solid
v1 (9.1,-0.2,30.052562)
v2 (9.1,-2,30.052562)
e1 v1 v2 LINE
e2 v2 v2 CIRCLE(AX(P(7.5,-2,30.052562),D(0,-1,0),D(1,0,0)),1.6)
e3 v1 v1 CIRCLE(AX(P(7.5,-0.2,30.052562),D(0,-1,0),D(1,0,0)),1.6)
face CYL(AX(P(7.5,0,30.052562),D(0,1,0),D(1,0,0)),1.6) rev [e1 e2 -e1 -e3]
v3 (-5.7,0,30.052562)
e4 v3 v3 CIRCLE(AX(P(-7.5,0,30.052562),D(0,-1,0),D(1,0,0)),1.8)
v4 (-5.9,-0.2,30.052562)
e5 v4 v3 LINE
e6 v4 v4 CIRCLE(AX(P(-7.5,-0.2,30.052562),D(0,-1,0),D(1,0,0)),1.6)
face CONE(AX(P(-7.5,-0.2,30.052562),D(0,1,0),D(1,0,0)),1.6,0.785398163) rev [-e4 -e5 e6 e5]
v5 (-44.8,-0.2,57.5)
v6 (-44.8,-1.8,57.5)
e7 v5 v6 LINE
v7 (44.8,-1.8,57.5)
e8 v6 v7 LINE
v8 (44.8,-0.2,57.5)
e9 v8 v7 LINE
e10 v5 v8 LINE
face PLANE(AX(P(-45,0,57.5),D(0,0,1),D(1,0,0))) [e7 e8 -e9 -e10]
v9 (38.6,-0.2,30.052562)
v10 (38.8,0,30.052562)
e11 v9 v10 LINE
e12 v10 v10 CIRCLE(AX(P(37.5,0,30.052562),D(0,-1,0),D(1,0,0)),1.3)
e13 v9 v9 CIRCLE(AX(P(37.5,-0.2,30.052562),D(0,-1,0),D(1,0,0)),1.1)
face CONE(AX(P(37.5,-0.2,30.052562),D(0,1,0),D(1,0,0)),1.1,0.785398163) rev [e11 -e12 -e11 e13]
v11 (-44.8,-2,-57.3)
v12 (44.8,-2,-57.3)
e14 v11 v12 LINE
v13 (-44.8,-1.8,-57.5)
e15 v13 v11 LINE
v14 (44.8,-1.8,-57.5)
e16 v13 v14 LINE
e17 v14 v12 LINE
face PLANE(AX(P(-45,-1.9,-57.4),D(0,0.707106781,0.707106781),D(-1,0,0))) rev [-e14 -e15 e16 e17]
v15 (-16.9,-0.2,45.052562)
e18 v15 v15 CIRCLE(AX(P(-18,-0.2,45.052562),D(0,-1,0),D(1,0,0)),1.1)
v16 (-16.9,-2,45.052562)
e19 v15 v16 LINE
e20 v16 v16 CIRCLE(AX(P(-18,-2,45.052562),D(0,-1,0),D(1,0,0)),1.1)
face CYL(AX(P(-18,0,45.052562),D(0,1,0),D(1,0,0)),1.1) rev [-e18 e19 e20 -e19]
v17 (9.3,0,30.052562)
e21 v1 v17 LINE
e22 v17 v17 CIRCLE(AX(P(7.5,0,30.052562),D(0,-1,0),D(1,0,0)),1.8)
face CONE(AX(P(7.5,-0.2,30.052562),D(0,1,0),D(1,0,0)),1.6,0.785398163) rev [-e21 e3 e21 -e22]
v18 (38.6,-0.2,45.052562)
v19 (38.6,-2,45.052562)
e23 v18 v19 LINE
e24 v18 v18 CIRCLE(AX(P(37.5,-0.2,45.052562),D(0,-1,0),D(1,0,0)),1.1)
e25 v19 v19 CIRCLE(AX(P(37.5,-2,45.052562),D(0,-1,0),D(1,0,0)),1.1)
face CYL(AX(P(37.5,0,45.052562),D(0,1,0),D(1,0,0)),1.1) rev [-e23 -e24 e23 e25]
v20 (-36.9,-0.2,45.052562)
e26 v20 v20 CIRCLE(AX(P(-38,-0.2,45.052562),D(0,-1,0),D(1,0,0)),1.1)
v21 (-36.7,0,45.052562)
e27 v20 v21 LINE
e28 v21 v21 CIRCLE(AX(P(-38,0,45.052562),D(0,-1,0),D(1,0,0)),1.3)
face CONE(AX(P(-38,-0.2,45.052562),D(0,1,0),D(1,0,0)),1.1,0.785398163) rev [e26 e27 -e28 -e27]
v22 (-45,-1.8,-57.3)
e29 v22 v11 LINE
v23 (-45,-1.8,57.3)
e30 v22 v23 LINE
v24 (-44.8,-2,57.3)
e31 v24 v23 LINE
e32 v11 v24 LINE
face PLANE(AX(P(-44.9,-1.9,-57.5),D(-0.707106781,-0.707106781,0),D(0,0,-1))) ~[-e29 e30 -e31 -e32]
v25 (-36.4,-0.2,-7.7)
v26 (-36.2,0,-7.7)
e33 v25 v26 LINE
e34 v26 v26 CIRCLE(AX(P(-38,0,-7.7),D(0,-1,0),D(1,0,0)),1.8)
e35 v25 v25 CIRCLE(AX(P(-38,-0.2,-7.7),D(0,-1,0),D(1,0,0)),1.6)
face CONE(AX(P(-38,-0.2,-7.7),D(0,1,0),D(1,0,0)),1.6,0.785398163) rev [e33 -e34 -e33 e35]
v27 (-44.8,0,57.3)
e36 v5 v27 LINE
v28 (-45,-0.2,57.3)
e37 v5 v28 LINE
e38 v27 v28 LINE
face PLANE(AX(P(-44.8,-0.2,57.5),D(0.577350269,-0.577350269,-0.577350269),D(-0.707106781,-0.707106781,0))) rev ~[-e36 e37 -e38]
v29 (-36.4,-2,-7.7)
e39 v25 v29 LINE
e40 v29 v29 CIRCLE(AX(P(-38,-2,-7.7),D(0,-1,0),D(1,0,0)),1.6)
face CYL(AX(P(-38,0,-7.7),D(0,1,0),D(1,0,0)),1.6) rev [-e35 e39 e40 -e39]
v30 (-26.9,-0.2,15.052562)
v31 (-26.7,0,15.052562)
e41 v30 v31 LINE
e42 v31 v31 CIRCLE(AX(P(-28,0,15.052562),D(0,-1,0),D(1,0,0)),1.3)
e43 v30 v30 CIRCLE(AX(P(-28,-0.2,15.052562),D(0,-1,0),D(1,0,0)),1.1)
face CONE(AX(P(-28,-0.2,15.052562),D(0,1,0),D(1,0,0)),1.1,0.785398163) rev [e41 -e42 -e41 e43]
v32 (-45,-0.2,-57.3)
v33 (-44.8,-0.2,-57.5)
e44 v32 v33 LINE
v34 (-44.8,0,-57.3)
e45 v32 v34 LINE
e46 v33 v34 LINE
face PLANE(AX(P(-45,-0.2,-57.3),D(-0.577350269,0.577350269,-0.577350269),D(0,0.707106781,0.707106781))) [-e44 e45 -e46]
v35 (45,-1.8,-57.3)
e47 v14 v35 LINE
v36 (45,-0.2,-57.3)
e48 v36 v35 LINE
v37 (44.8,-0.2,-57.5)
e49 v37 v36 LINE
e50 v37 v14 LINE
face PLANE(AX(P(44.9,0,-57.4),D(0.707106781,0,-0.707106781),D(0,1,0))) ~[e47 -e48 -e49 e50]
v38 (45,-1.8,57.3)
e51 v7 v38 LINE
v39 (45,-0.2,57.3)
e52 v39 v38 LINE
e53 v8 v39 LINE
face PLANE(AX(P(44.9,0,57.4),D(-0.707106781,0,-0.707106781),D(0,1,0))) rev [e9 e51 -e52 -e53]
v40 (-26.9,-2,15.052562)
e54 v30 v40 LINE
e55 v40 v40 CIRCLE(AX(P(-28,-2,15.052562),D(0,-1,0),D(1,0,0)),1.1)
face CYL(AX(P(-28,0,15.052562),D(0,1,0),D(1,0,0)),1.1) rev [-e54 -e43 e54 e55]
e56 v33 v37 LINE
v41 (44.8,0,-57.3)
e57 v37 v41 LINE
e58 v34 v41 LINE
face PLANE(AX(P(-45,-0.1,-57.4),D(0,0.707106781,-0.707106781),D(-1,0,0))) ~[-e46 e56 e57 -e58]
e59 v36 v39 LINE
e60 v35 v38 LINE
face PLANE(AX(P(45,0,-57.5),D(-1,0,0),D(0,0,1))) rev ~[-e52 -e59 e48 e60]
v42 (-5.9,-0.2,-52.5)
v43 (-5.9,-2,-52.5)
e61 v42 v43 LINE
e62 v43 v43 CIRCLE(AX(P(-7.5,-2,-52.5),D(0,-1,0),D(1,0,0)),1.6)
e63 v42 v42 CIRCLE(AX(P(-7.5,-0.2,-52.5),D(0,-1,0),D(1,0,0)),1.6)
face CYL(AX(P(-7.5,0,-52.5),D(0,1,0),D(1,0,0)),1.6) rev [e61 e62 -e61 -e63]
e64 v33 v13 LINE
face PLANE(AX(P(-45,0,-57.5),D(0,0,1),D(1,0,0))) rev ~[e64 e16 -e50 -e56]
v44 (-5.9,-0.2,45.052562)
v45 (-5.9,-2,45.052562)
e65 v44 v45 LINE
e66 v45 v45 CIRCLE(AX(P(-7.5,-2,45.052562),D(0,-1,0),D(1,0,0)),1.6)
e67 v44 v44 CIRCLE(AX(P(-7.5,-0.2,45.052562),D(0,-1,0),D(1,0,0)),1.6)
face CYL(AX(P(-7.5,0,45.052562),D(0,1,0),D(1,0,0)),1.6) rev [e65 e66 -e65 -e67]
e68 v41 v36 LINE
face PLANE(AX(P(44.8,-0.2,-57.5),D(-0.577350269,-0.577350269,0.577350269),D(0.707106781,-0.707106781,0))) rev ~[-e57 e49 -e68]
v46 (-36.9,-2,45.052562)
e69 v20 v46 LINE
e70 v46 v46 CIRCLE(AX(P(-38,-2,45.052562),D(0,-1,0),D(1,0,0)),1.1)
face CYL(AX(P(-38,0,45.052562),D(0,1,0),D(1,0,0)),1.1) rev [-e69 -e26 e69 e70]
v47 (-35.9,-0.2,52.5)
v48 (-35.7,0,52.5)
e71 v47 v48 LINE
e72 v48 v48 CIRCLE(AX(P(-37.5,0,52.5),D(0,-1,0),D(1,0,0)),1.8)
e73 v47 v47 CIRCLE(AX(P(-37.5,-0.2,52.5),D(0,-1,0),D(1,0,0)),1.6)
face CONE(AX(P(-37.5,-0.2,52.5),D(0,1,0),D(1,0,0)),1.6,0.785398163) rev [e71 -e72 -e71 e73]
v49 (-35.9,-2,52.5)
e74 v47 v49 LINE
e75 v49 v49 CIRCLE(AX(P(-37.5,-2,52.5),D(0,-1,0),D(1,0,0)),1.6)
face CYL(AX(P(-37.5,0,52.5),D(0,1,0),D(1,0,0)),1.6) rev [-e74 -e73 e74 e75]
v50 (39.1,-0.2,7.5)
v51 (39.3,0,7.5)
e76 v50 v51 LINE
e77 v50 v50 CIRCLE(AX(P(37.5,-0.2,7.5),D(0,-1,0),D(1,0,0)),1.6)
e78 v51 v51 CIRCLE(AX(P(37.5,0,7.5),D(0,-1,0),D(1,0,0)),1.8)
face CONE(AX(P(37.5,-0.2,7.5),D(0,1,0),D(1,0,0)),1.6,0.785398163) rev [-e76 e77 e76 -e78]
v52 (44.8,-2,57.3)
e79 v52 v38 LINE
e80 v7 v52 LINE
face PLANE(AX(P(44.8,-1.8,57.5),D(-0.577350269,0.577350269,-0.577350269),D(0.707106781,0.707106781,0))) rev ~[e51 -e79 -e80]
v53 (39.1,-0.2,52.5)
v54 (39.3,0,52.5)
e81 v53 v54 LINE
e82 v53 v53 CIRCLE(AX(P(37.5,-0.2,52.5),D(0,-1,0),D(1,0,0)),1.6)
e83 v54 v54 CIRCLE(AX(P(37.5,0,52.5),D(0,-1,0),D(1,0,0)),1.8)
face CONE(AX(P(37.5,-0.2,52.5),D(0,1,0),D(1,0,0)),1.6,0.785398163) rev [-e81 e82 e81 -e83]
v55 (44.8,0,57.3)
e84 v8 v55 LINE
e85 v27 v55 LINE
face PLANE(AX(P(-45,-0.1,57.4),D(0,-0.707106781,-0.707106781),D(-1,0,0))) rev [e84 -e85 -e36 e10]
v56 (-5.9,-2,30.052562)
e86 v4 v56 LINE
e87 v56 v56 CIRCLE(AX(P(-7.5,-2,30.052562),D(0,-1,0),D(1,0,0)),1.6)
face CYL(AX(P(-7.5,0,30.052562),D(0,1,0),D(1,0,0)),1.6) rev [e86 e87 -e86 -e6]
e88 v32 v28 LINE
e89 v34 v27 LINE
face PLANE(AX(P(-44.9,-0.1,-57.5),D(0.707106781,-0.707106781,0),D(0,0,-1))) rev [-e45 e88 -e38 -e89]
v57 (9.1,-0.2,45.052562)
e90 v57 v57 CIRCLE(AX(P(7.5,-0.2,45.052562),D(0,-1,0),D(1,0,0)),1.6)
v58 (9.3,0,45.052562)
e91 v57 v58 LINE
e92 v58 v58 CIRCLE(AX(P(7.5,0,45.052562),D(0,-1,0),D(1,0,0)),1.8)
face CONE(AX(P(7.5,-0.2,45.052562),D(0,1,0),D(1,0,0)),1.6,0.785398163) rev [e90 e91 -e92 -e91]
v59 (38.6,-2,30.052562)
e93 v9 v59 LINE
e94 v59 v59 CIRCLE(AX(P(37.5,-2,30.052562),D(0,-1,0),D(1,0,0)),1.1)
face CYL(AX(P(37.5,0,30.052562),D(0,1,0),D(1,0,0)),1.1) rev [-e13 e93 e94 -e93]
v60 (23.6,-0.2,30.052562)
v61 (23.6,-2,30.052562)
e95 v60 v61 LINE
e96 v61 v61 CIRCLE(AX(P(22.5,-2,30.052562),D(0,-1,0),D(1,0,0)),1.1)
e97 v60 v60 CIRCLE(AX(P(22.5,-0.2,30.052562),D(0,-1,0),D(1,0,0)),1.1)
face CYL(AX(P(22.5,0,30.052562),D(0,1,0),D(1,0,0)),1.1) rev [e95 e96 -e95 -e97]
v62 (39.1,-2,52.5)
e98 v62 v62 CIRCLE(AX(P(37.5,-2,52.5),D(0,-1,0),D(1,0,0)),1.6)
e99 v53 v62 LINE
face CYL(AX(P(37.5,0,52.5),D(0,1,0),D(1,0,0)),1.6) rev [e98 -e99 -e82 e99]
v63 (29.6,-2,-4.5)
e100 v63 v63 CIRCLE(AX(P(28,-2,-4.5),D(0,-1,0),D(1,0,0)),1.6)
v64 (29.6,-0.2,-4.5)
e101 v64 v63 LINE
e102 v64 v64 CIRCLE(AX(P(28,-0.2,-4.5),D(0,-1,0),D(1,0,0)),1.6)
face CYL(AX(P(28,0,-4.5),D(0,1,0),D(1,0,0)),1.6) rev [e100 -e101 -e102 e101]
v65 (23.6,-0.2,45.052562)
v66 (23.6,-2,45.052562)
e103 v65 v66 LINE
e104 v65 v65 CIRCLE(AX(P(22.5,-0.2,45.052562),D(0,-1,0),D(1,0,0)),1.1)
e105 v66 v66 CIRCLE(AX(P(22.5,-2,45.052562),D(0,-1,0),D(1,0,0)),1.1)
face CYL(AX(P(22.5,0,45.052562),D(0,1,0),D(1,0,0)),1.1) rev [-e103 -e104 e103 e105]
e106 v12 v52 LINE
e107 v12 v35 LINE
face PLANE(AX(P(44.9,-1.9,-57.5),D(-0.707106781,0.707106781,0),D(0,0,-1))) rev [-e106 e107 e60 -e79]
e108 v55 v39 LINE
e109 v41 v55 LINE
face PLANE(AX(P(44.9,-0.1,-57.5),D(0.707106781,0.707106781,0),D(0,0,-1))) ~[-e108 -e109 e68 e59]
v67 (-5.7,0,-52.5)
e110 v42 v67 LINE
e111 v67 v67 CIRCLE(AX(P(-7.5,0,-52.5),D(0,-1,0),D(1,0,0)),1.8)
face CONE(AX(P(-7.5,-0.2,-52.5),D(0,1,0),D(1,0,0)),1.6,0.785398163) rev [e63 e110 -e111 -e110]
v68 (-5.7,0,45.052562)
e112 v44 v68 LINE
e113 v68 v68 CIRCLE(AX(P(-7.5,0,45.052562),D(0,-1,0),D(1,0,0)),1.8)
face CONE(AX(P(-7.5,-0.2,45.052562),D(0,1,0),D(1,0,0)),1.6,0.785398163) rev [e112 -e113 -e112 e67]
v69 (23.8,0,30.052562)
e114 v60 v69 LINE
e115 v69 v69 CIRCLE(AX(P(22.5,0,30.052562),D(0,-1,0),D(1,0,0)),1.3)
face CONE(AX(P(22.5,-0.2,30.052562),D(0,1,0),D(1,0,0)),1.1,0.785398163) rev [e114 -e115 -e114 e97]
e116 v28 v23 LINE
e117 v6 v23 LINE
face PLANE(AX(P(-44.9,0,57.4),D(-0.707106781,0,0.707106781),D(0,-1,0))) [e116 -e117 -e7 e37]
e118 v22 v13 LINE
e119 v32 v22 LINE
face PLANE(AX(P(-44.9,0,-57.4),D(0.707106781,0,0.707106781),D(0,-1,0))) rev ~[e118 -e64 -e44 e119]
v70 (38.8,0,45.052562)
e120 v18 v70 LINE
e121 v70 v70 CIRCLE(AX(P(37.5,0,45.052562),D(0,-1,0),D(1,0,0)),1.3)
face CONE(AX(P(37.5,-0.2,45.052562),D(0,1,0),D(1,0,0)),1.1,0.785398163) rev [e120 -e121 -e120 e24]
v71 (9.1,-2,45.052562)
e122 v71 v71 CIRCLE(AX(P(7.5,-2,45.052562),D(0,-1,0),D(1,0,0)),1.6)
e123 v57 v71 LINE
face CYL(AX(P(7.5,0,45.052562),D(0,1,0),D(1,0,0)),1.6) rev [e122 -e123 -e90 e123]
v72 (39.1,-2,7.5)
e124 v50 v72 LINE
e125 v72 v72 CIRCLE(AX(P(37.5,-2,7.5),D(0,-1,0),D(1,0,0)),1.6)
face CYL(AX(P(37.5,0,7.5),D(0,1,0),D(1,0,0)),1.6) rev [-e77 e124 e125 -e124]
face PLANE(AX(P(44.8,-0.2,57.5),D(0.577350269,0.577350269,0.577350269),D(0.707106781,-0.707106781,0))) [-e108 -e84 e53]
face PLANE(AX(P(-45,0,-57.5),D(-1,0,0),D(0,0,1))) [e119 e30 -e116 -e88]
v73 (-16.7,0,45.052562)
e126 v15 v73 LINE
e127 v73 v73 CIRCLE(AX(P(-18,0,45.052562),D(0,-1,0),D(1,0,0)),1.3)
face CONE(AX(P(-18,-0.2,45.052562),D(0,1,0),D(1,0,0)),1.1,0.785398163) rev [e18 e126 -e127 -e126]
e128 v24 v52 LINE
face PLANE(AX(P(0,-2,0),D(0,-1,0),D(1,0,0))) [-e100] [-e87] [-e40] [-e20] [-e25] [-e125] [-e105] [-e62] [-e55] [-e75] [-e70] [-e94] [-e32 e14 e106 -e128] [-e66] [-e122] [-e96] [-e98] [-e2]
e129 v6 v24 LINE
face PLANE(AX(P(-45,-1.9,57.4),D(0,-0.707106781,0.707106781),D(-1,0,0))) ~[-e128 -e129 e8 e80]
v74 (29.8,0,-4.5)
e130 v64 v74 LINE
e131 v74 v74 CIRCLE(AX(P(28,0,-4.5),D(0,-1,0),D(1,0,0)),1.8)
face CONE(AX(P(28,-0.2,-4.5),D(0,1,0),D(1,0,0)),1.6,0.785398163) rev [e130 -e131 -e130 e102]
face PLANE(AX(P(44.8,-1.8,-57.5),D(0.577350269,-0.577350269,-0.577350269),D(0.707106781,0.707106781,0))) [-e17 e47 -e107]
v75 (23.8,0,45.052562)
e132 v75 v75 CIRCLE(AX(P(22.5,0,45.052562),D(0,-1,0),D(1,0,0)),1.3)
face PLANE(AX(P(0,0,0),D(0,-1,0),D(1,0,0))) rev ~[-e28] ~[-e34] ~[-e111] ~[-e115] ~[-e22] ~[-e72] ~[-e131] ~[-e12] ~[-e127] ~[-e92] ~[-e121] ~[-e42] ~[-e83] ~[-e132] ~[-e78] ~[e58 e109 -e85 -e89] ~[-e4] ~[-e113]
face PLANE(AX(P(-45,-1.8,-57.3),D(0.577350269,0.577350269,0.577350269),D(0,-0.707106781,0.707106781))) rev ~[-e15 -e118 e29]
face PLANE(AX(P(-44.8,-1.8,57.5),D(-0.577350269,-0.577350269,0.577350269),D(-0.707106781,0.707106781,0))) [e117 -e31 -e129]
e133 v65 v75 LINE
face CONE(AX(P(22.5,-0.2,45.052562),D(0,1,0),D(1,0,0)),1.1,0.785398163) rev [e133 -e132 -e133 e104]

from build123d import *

# Parameters (mm, degrees)
F0_W     = 90
F0_H     = 115
F0_R     = 1.6
F0_R_2   = 1.1
F1_DEPTH = 2
F2_SIZE  = 0.2


with BuildPart() as f1:
    # F0 (on Front) → F1 (new body)
    with BuildSketch(Plane.XZ):
        Rectangle(F0_W, F0_H)
        with Locations((-7.5, -52.5)):
            Circle(F0_R, mode=Mode.SUBTRACT)
        with Locations((-38, -7.7)):
            Circle(F0_R, mode=Mode.SUBTRACT)
        with Locations((28, -4.5)):
            Circle(F0_R, mode=Mode.SUBTRACT)
        with Locations((-28, 15.052562)):
            Circle(F0_R_2, mode=Mode.SUBTRACT)
        with Locations((-38, 45.052562)):
            Circle(F0_R_2, mode=Mode.SUBTRACT)
        with Locations((-37.5, 52.5)):
            Circle(F0_R, mode=Mode.SUBTRACT)
        with Locations((-7.5, 30.052562)):
            Circle(F0_R, mode=Mode.SUBTRACT)
        with Locations((-18, 45.052562)):
            Circle(F0_R_2, mode=Mode.SUBTRACT)
        with Locations((-7.5, 45.052562)):
            Circle(F0_R, mode=Mode.SUBTRACT)
        with Locations((37.5, 7.5)):
            Circle(F0_R, mode=Mode.SUBTRACT)
        with Locations((7.5, 30.052562)):
            Circle(F0_R, mode=Mode.SUBTRACT)
        with Locations((7.5, 45.052562)):
            Circle(F0_R, mode=Mode.SUBTRACT)
        with Locations((22.5, 30.052562)):
            Circle(F0_R_2, mode=Mode.SUBTRACT)
        with Locations((37.5, 30.052562)):
            Circle(F0_R_2, mode=Mode.SUBTRACT)
        with Locations((22.5, 45.052562)):
            Circle(F0_R_2, mode=Mode.SUBTRACT)
        with Locations((37.5, 45.052562)):
            Circle(F0_R_2, mode=Mode.SUBTRACT)
        with Locations((37.5, 52.5)):
            Circle(F0_R, mode=Mode.SUBTRACT)
    extrude(amount=F1_DEPTH)

    # F2
    f2_edges = [f1.edges().sort_by_distance(p)[0] for p in [
        (45, -2, 0),
        (0, -2, -57.5),
        (45, 0, 0),
        (0, 0, -57.5),
        (45, -1, -57.5),
        (-45, -1, -57.5),
        (-45, -2, 0),
        (-45, 0, 0),
        (0, 0, 57.5),
        (-9.1, 0, -52.5),
        (-39.6, 0, -7.7),
        (26.4, 0, -4.5),
        (-29.1, 0, 15.052562),
        (-39.1, 0, 45.052562),
        (-39.1, 0, 52.5),
        (-9.1, 0, 30.052562),
        (-19.1, 0, 45.052562),
        (-9.1, 0, 45.052562),
        (35.9, 0, 7.5),
        (5.9, 0, 30.052562),
        (5.9, 0, 45.052562),
        (21.4, 0, 30.052562),
        (36.4, 0, 30.052562),
        (21.4, 0, 45.052562),
        (36.4, 0, 45.052562),
        (35.9, 0, 52.5),
        (0, -2, 57.5),
        (45, -1, 57.5),
        (-45, -1, 57.5),
    ]]
    chamfer(f2_edges, length=F2_SIZE)


solid = f1.part
